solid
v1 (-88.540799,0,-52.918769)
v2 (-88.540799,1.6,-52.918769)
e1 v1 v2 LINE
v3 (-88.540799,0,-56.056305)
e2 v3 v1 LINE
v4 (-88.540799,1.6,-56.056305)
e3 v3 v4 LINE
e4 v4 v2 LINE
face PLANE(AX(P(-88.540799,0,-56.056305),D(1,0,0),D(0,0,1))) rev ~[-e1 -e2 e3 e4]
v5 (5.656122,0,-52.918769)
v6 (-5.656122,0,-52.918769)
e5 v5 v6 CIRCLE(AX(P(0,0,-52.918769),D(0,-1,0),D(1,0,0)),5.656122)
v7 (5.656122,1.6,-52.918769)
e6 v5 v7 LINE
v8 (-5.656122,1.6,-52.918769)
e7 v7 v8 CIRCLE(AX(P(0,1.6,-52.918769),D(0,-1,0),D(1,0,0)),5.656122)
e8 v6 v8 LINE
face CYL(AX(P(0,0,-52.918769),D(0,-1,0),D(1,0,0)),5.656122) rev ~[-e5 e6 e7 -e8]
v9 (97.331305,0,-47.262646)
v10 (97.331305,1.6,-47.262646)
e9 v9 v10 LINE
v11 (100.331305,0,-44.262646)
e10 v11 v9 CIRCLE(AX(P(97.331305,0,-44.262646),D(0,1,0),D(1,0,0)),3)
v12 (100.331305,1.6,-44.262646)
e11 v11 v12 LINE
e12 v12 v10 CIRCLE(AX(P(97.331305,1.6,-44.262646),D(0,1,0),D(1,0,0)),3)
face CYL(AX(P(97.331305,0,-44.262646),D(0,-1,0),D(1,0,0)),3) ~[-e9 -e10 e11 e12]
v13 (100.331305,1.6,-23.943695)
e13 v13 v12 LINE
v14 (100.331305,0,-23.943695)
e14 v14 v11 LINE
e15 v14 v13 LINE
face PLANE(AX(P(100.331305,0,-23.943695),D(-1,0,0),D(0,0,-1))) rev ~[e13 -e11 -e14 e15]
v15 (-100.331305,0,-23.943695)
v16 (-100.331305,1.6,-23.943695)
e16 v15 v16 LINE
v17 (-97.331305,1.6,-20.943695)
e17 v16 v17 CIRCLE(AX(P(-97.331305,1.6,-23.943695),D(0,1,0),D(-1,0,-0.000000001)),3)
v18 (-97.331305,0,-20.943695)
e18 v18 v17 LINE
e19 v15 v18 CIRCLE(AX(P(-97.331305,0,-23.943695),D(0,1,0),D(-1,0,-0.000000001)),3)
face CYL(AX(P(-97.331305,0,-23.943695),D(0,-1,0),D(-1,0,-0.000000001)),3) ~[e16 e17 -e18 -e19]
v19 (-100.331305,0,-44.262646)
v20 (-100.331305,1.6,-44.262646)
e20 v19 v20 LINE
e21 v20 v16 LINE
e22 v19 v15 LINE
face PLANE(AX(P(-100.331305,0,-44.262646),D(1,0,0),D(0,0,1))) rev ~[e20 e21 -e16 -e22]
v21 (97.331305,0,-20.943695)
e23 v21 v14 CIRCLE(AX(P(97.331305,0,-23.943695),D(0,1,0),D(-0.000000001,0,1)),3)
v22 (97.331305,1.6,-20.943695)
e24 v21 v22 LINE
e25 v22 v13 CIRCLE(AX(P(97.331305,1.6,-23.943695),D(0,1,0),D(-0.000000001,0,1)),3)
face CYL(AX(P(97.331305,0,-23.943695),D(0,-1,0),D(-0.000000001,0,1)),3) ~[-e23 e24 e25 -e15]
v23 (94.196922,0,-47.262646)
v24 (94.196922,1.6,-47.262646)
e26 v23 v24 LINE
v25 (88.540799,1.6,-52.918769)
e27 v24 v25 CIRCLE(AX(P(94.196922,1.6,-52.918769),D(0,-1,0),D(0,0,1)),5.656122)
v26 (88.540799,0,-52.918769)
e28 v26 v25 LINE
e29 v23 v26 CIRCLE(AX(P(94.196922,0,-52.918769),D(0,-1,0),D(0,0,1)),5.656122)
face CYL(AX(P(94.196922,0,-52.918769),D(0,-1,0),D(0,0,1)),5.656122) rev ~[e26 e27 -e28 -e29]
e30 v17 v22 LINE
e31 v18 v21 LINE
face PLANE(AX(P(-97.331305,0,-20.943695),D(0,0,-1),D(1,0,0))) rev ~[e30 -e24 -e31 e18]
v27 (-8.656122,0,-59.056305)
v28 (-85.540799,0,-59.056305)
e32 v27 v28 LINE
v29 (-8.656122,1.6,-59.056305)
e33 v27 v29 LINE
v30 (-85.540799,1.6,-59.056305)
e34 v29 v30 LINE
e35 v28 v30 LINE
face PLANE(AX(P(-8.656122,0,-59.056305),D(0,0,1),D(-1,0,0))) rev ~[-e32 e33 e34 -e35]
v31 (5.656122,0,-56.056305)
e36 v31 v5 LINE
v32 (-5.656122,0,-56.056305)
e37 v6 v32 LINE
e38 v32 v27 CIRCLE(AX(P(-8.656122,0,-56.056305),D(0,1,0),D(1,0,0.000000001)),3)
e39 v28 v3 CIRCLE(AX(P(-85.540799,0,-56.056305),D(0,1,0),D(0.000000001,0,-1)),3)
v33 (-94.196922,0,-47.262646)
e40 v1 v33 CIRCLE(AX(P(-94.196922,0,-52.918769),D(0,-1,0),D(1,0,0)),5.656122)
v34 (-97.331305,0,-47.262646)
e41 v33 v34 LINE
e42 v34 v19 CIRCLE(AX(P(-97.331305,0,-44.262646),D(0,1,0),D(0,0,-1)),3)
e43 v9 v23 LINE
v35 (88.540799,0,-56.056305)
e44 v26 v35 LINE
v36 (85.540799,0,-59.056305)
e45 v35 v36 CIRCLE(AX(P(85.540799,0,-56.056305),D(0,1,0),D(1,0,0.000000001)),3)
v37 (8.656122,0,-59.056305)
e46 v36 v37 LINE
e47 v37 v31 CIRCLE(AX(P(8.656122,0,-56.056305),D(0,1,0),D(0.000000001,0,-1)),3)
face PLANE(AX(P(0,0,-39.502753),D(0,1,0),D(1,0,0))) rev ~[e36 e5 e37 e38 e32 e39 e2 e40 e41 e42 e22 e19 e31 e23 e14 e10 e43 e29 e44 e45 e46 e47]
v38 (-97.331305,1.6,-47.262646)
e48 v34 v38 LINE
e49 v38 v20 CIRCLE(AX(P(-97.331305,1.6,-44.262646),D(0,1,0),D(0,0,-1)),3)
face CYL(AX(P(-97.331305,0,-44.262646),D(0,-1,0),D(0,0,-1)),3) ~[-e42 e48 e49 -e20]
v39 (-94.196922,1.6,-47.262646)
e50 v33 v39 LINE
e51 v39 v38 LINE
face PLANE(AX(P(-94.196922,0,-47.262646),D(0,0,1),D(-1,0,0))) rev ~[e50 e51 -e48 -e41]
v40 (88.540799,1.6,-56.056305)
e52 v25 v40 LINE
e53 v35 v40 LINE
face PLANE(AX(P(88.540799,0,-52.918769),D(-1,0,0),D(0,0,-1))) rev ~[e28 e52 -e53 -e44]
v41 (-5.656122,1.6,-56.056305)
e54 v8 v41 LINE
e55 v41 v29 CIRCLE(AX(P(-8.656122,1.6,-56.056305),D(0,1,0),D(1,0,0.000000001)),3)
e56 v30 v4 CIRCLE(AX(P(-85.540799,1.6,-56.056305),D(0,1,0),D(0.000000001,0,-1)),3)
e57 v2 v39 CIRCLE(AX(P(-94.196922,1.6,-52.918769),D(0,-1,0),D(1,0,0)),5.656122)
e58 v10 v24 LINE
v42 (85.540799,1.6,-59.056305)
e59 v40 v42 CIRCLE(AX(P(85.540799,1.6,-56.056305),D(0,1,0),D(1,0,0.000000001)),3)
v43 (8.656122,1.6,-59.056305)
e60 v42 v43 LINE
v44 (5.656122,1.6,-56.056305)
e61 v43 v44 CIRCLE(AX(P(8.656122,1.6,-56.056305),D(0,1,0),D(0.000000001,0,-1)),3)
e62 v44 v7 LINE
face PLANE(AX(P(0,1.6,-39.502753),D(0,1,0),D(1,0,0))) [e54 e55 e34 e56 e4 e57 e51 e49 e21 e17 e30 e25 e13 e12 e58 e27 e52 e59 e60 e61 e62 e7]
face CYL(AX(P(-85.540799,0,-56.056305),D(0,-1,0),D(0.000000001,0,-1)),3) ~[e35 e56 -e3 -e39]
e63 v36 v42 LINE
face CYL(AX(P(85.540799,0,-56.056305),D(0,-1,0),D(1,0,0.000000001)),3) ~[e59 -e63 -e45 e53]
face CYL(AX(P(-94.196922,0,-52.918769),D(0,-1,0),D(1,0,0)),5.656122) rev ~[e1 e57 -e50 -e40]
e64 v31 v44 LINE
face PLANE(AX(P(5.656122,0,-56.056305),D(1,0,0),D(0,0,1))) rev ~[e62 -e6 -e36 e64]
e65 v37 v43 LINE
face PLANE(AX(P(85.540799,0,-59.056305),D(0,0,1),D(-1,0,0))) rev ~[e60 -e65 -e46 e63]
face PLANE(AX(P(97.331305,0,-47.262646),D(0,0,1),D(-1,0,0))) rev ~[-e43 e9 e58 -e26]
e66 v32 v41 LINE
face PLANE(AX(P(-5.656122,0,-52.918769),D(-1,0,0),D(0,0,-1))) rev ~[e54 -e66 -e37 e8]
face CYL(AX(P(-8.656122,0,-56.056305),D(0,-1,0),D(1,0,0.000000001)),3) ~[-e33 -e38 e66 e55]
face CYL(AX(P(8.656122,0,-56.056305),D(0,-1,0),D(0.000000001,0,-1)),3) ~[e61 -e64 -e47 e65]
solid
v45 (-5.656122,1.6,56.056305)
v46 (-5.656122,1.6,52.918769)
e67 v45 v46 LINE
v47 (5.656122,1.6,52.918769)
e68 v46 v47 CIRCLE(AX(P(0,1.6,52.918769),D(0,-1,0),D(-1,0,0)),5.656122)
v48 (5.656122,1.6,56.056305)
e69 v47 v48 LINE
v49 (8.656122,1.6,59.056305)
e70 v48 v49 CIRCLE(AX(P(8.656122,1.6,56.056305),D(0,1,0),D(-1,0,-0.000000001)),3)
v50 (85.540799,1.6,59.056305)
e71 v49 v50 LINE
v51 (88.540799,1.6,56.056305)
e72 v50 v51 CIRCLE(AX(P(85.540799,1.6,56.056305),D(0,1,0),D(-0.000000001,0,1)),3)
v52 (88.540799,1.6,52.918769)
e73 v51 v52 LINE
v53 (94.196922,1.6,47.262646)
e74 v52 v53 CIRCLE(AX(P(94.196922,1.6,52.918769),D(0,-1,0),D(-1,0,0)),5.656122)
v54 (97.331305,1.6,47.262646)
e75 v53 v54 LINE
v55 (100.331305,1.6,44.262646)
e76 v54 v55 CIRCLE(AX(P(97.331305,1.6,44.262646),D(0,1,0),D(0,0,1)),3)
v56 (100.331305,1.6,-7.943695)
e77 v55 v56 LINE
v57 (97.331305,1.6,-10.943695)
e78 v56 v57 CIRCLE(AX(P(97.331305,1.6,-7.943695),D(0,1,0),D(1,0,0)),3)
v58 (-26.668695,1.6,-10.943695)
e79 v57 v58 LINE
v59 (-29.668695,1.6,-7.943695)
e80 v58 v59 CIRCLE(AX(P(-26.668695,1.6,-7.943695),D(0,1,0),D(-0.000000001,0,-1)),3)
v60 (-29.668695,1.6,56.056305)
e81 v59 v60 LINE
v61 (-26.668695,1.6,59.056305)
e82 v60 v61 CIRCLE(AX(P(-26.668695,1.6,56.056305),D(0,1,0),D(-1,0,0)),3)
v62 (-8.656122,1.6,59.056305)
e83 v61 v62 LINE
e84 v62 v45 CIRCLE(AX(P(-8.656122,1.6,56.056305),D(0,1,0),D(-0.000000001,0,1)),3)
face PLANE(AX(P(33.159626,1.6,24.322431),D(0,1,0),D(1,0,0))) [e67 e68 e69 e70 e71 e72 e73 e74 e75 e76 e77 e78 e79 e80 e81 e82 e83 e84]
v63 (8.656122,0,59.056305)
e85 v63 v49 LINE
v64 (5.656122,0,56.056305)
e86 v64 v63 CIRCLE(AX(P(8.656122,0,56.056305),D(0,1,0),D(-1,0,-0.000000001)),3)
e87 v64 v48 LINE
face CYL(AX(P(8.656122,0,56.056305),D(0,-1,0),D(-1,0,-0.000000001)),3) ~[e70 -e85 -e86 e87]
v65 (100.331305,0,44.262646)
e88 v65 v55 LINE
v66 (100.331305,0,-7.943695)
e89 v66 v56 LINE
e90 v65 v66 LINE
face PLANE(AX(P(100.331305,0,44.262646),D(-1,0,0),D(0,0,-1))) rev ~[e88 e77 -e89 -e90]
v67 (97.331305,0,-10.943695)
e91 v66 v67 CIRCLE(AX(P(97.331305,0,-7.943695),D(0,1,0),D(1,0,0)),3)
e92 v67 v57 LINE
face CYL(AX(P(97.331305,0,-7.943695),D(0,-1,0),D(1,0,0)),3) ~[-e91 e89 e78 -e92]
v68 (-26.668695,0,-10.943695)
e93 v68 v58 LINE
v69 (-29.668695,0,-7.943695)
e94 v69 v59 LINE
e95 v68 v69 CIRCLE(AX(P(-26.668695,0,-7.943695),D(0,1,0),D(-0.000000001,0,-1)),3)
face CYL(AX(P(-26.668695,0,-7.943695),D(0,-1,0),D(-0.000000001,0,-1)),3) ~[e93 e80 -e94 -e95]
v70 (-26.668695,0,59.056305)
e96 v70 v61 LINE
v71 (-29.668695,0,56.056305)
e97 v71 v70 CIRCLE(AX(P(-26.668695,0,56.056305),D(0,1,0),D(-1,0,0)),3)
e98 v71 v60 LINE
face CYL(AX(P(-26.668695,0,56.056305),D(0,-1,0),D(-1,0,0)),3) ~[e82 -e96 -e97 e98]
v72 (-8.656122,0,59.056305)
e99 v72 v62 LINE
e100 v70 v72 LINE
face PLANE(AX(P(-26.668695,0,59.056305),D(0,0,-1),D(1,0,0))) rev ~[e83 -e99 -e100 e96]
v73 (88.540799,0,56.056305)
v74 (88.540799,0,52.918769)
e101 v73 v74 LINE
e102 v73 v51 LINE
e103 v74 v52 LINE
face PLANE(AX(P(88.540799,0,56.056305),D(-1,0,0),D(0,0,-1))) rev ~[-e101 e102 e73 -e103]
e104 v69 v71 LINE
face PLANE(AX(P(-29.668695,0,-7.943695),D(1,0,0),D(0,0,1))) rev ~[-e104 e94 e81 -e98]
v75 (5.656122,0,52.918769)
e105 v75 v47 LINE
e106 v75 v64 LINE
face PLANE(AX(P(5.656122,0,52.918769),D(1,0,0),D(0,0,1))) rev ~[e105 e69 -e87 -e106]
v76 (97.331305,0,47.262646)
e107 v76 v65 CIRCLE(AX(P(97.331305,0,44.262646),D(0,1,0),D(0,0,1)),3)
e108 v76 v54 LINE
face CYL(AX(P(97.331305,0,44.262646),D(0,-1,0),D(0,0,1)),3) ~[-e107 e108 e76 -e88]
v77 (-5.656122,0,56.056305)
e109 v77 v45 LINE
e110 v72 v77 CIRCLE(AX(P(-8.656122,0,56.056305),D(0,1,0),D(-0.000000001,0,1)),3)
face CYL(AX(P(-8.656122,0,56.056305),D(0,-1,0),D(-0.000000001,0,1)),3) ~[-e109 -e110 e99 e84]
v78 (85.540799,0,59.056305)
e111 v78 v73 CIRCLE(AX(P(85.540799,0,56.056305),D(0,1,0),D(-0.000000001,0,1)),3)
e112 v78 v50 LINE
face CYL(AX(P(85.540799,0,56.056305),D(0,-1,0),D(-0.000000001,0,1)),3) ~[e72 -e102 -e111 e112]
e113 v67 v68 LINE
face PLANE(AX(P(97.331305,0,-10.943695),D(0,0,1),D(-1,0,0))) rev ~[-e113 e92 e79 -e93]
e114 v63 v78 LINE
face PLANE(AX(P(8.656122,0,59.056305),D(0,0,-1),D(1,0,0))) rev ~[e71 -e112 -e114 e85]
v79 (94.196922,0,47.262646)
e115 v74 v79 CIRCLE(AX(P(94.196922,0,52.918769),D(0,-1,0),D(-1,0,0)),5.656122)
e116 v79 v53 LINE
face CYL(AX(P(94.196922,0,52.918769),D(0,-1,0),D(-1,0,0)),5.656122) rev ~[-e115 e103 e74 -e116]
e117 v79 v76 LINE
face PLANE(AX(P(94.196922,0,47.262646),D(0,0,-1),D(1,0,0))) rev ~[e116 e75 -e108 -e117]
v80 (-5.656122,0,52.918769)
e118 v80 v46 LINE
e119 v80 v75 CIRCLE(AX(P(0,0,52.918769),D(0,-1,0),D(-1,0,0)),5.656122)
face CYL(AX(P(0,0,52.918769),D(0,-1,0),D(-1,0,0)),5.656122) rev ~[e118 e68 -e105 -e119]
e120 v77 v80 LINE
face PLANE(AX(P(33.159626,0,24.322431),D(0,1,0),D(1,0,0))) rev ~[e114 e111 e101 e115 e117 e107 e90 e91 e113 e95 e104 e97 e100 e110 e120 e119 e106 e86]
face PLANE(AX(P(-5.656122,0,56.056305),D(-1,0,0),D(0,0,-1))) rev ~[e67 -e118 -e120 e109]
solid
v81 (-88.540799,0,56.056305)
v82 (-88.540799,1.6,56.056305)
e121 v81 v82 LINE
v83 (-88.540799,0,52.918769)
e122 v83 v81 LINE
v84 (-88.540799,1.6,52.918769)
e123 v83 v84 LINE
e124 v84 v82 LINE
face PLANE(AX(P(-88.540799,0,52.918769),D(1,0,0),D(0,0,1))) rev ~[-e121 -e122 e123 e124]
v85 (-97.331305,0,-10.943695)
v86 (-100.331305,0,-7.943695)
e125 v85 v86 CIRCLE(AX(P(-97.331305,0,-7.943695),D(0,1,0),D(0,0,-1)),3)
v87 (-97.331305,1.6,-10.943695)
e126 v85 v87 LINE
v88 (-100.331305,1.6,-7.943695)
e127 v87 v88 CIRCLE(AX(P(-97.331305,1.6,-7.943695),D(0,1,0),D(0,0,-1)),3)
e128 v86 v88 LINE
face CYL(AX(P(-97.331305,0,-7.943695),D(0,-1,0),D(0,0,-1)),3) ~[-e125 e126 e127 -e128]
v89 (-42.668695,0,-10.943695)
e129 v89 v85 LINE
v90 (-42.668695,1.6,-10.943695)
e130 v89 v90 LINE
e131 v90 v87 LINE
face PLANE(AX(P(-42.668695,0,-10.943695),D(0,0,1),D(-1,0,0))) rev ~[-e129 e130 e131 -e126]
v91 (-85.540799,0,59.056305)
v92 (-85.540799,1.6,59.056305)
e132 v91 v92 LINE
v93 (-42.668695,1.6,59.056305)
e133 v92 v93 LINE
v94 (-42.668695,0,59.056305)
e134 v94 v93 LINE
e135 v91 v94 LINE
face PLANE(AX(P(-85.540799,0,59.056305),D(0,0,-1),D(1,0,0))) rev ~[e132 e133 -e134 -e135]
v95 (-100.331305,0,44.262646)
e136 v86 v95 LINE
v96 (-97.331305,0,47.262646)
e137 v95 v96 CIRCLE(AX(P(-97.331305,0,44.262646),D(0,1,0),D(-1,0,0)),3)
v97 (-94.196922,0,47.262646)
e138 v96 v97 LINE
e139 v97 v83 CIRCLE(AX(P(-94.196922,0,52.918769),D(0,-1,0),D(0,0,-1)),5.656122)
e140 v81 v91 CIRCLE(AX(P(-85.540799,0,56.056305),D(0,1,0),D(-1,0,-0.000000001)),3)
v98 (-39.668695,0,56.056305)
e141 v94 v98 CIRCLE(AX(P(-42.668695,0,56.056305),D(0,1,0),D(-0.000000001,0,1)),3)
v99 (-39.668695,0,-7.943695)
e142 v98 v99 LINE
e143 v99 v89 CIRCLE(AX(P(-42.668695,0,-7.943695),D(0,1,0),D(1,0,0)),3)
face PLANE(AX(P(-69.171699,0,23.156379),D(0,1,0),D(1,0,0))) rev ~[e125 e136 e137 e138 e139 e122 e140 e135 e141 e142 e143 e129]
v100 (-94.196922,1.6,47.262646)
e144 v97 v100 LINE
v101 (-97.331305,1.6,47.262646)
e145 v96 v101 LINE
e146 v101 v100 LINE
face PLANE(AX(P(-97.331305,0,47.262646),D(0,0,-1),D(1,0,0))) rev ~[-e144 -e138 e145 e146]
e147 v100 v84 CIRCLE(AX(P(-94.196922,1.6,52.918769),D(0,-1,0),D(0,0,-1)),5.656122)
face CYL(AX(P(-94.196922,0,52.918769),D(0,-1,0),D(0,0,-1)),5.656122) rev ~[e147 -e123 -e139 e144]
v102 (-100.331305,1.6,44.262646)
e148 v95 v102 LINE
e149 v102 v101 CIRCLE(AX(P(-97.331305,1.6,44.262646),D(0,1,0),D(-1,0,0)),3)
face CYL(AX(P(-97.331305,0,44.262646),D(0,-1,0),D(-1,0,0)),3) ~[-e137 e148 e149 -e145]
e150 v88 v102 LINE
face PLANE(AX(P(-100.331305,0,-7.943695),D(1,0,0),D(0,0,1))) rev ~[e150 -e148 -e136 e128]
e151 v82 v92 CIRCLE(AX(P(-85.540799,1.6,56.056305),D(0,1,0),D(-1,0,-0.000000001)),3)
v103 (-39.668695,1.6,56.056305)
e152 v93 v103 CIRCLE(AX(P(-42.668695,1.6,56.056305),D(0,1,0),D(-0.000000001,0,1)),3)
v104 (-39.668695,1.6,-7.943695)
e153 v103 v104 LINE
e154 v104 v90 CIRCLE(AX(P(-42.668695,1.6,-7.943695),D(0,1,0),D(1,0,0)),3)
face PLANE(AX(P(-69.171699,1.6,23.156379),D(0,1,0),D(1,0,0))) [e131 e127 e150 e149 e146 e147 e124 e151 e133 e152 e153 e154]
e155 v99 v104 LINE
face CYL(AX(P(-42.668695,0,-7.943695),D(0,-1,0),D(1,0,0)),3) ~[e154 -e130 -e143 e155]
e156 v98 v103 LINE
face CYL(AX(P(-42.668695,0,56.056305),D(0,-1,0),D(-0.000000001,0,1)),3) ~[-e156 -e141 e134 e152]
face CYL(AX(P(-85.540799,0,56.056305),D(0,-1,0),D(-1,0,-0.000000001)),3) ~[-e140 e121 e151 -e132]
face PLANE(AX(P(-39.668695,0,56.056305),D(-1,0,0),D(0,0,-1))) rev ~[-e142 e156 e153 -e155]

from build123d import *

# Parameters (mm, degrees)
BOSS_EXTRUDE1_DEPTH   = 1.6
BOSS_EXTRUDE1_2_DEPTH = 1.6
BOSS_EXTRUDE1_3_DEPTH = 1.6


with BuildPart() as part:
    # Sketch1 → Boss-Extrude1 (new body)
    with BuildSketch(Plane(origin=(0, 0, 0), x_dir=(1, 0, 0), z_dir=(0, 1, 0))):
        with BuildLine():
            ThreePointArc((5.656122312, -56.056304816), (6.534801968, -58.17762516), (8.656122312, -59.056304816))
            Line((8.656122312, -59.056304816), (85.540799201, -59.056304816))
            ThreePointArc((85.540799201, -59.056304816), (87.662119545, -58.17762516), (88.540799201, -56.056304816))
            Line((88.540799201, -56.056304816), (88.540799201, -52.918768599))
            ThreePointArc((88.540799201, -52.918768599), (90.197439071, -48.919286157), (94.196921513, -47.262646288))
            Line((94.196921513, -47.262646288), (97.331304816, -47.262646288))
            ThreePointArc((97.331304816, -47.262646288), (99.45262516, -46.383966631), (100.331304816, -44.262646288))
            Line((100.331304816, -44.262646288), (100.331304816, 7.943695184))
            ThreePointArc((100.331304816, 7.943695184), (99.45262516, 10.065015527), (97.331304816, 10.943695184))
            Line((97.331304816, 10.943695184), (-26.668695184, 10.943695184))
            ThreePointArc((-26.668695184, 10.943695184), (-28.790015527, 10.065015527), (-29.668695184, 7.943695184))
            Line((-29.668695184, 7.943695184), (-29.668695184, -56.056304816))
            ThreePointArc((-29.668695184, -56.056304816), (-28.790015527, -58.17762516), (-26.668695184, -59.056304816))
            Line((-26.668695184, -59.056304816), (-8.656122312, -59.056304816))
            ThreePointArc((-8.656122312, -59.056304816), (-6.534801968, -58.17762516), (-5.656122312, -56.056304816))
            Line((-5.656122312, -56.056304816), (-5.656122312, -52.918768599))
            ThreePointArc((-5.656122312, -52.918768599), (0, -47.262646288), (5.656122312, -52.918768599))
            Line((5.656122312, -52.918768599), (5.656122312, -56.056304816))
        make_face()
    extrude(amount=BOSS_EXTRUDE1_DEPTH)


with BuildPart() as body_2:
    # Sketch1 → Boss-Extrude1 2 (new body)
    with BuildSketch(Plane(origin=(0, 0, 0), x_dir=(1, 0, 0), z_dir=(0, 1, 0))):
        with BuildLine():
            Line((-8.656122312, 59.056304816), (-85.540799201, 59.056304816))
            ThreePointArc((-85.540799201, 59.056304816), (-87.662119545, 58.17762516), (-88.540799201, 56.056304816))
            Line((-88.540799201, 56.056304816), (-88.540799201, 52.918768599))
            ThreePointArc((-88.540799201, 52.918768599), (-90.197439071, 48.919286157), (-94.196921513, 47.262646288))
            Line((-94.196921513, 47.262646288), (-97.331304816, 47.262646288))
            ThreePointArc((-97.331304816, 47.262646288), (-99.45262516, 46.383966631), (-100.331304816, 44.262646288))
            Line((-100.331304816, 44.262646288), (-100.331304816, 23.943695184))
            ThreePointArc((-100.331304816, 23.943695184), (-99.45262516, 21.82237484), (-97.331304816, 20.943695184))
            Line((-97.331304816, 20.943695184), (97.331304816, 20.943695184))
            ThreePointArc((97.331304816, 20.943695184), (99.45262516, 21.82237484), (100.331304816, 23.943695184))
            Line((100.331304816, 23.943695184), (100.331304816, 44.262646288))
            ThreePointArc((100.331304816, 44.262646288), (99.45262516, 46.383966631), (97.331304816, 47.262646288))
            Line((97.331304816, 47.262646288), (94.196921513, 47.262646288))
            ThreePointArc((94.196921513, 47.262646288), (90.197439071, 48.919286157), (88.540799201, 52.918768599))
            Line((88.540799201, 52.918768599), (88.540799201, 56.056304816))
            ThreePointArc((88.540799201, 56.056304816), (87.662119545, 58.17762516), (85.540799201, 59.056304816))
            Line((85.540799201, 59.056304816), (8.656122312, 59.056304816))
            ThreePointArc((8.656122312, 59.056304816), (6.534801968, 58.17762516), (5.656122312, 56.056304816))
            Line((5.656122312, 56.056304816), (5.656122312, 52.918768599))
            ThreePointArc((5.656122312, 52.918768599), (0, 47.262646288), (-5.656122312, 52.918768599))
            Line((-5.656122312, 52.918768599), (-5.656122312, 56.056304816))
            ThreePointArc((-5.656122312, 56.056304816), (-6.534801968, 58.17762516), (-8.656122312, 59.056304816))
        make_face()
    extrude(amount=BOSS_EXTRUDE1_2_DEPTH)


with BuildPart() as body_3:
    # Sketch1 → Boss-Extrude1 3 (new body)
    with BuildSketch(Plane(origin=(0, 0, 0), x_dir=(1, 0, 0), z_dir=(0, 1, 0))):
        with BuildLine():
            Line((-42.668695184, 10.943695184), (-97.331304816, 10.943695184))
            ThreePointArc((-97.331304816, 10.943695184), (-99.45262516, 10.065015527), (-100.331304816, 7.943695184))
            Line((-100.331304816, 7.943695184), (-100.331304816, -44.262646288))
            ThreePointArc((-100.331304816, -44.262646288), (-99.45262516, -46.383966631), (-97.331304816, -47.262646288))
            Line((-97.331304816, -47.262646288), (-94.196921513, -47.262646288))
            ThreePointArc((-94.196921513, -47.262646288), (-90.197439071, -48.919286157), (-88.540799201, -52.918768599))
            Line((-88.540799201, -52.918768599), (-88.540799201, -56.056304816))
            ThreePointArc((-88.540799201, -56.056304816), (-87.662119545, -58.17762516), (-85.540799201, -59.056304816))
            Line((-85.540799201, -59.056304816), (-42.668695184, -59.056304816))
            ThreePointArc((-42.668695184, -59.056304816), (-40.54737484, -58.17762516), (-39.668695184, -56.056304816))
            Line((-39.668695184, -56.056304816), (-39.668695184, 7.943695184))
            ThreePointArc((-39.668695184, 7.943695184), (-40.54737484, 10.065015527), (-42.668695184, 10.943695184))
        make_face()
    extrude(amount=BOSS_EXTRUDE1_3_DEPTH)


solid = Compound([part.part, body_2.part, body_3.part])
